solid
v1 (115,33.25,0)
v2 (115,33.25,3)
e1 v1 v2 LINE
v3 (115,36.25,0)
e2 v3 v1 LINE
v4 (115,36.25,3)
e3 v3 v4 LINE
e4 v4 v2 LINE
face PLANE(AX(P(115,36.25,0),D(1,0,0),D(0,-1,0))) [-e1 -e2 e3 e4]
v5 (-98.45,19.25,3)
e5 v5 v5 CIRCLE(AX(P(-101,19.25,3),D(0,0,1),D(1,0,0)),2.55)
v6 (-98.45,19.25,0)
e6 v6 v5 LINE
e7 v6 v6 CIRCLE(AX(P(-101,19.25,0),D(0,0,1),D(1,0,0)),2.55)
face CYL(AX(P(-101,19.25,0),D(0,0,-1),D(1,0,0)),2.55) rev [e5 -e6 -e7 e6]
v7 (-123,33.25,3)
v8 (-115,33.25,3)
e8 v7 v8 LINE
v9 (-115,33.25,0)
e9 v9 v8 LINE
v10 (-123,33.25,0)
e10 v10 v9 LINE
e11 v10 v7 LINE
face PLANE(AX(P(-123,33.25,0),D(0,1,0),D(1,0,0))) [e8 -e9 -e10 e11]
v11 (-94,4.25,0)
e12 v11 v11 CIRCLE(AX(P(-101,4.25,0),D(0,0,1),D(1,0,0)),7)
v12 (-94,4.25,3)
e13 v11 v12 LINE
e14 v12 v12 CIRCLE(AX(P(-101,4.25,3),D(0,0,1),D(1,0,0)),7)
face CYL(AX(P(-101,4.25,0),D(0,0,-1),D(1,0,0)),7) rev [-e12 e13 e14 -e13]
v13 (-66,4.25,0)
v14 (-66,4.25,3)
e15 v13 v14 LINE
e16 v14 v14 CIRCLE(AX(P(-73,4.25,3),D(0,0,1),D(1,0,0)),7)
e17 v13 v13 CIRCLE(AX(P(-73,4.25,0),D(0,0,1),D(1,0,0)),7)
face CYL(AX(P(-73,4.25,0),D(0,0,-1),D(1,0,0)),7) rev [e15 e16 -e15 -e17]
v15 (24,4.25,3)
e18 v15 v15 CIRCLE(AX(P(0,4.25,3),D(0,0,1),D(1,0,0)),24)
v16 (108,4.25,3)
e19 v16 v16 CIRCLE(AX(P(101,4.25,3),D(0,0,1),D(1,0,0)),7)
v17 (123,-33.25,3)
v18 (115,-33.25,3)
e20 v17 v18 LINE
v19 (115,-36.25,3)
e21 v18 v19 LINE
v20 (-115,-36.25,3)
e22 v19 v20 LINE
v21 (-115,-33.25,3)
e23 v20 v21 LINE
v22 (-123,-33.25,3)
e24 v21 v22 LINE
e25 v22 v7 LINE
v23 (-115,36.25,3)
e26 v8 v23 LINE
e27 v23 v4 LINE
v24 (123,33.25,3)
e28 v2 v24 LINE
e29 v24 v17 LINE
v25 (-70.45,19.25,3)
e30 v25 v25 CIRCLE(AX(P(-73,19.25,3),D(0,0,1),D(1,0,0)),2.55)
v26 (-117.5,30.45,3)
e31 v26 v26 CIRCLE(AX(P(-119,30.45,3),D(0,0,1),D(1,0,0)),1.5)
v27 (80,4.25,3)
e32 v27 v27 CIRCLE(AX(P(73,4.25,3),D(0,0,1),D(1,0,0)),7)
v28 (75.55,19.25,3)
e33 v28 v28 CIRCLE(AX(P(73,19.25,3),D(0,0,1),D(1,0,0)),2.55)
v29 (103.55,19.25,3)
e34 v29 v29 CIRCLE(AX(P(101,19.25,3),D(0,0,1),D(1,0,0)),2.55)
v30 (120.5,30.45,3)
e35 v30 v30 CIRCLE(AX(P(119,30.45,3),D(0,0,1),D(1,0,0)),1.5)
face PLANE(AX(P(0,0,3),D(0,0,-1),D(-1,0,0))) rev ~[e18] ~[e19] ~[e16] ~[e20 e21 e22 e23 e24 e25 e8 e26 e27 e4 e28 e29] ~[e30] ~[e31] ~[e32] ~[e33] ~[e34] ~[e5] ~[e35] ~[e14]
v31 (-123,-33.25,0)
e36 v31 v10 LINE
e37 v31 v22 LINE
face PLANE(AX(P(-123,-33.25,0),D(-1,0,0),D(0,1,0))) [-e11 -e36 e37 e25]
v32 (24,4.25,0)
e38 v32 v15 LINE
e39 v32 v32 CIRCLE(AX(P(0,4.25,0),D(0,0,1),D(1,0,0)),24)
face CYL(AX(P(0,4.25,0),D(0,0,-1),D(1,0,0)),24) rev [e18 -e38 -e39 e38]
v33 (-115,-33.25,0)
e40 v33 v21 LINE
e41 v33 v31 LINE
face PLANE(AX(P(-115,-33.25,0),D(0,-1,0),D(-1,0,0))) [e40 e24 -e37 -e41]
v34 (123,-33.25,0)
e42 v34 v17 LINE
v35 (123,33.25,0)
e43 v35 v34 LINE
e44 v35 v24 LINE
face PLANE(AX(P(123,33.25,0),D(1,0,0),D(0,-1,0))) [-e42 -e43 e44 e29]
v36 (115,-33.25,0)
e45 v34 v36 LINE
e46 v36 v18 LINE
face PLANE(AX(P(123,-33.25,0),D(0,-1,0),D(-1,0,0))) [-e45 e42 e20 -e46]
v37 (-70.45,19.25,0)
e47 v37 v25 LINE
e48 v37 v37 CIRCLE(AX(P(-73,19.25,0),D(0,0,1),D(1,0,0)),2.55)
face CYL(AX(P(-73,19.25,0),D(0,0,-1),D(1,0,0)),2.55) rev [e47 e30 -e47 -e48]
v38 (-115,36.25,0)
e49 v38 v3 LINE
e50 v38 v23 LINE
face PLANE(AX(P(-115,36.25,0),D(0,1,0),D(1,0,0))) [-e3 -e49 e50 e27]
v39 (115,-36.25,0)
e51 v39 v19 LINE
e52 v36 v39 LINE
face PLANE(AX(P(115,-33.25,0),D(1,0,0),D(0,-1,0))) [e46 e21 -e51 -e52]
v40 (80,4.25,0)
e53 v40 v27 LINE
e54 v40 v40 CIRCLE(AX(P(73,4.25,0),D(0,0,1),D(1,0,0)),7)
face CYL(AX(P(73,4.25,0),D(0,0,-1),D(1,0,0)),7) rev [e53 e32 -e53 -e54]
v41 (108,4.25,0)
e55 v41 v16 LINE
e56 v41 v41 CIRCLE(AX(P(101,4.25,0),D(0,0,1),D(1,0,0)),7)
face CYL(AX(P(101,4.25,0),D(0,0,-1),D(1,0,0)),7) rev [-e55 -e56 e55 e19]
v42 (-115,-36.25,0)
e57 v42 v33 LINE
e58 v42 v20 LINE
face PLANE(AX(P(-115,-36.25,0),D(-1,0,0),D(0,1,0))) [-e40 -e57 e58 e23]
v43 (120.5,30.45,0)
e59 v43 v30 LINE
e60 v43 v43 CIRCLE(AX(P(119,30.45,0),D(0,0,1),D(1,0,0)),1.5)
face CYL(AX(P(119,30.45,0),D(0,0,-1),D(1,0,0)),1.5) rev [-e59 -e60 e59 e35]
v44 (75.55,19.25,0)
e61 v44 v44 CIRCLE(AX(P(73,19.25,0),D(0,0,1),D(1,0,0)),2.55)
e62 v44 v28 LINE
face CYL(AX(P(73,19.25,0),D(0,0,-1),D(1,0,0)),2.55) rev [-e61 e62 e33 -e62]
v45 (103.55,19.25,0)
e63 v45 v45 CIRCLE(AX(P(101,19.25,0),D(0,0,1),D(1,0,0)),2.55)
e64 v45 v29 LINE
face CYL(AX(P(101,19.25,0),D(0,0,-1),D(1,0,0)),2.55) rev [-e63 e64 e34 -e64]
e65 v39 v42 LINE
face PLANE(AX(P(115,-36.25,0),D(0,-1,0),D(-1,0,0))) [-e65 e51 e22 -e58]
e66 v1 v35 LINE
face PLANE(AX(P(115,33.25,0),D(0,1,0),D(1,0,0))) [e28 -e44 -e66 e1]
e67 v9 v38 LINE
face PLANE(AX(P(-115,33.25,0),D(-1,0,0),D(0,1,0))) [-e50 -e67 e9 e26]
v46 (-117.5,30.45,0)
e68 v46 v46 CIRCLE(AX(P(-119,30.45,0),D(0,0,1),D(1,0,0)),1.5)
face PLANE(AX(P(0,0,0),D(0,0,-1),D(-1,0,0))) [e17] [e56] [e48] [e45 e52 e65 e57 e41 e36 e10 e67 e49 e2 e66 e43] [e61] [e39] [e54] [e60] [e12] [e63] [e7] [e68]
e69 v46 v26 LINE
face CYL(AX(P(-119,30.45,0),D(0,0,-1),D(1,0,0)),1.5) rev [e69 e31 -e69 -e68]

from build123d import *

# Parameters (mm, degrees)
SKETCH_R   = 24
SKETCH_R_2 = 7
SKETCH_R_3 = 2.55
SKETCH_R_4 = 1.5
PAD_DEPTH  = 3


with BuildPart() as part:
    # Sketch → Pad (new body)
    with BuildSketch(Plane.XY):
        Polygon((-123, 33.25), (-115, 33.25), (-115, 36.25), (115, 36.25), (115, 33.25), (123, 33.25), (123, -33.25), (115, -33.25), (115, -36.25), (-115, -36.25), (-115, -33.25), (-123, -33.25), align=None)
        with Locations((0, 4.25)):
            Circle(SKETCH_R, mode=Mode.SUBTRACT)
        with Locations((-101, 4.25)):
            Circle(SKETCH_R_2, mode=Mode.SUBTRACT)
        with Locations((-73, 4.25)):
            Circle(SKETCH_R_2, mode=Mode.SUBTRACT)
        with Locations((73, 4.25)):
            Circle(SKETCH_R_2, mode=Mode.SUBTRACT)
        with Locations((101, 4.25)):
            Circle(SKETCH_R_2, mode=Mode.SUBTRACT)
        with Locations((-101, 19.25)):
            Circle(SKETCH_R_3, mode=Mode.SUBTRACT)
        with Locations((-73, 19.25)):
            Circle(SKETCH_R_3, mode=Mode.SUBTRACT)
        with Locations((73, 19.25)):
            Circle(SKETCH_R_3, mode=Mode.SUBTRACT)
        with Locations((101, 19.25)):
            Circle(SKETCH_R_3, mode=Mode.SUBTRACT)
        with Locations((-119, 30.45)):
            Circle(SKETCH_R_4, mode=Mode.SUBTRACT)
        with Locations((119, 30.45)):
            Circle(SKETCH_R_4, mode=Mode.SUBTRACT)
    extrude(amount=PAD_DEPTH)


solid = part.part
